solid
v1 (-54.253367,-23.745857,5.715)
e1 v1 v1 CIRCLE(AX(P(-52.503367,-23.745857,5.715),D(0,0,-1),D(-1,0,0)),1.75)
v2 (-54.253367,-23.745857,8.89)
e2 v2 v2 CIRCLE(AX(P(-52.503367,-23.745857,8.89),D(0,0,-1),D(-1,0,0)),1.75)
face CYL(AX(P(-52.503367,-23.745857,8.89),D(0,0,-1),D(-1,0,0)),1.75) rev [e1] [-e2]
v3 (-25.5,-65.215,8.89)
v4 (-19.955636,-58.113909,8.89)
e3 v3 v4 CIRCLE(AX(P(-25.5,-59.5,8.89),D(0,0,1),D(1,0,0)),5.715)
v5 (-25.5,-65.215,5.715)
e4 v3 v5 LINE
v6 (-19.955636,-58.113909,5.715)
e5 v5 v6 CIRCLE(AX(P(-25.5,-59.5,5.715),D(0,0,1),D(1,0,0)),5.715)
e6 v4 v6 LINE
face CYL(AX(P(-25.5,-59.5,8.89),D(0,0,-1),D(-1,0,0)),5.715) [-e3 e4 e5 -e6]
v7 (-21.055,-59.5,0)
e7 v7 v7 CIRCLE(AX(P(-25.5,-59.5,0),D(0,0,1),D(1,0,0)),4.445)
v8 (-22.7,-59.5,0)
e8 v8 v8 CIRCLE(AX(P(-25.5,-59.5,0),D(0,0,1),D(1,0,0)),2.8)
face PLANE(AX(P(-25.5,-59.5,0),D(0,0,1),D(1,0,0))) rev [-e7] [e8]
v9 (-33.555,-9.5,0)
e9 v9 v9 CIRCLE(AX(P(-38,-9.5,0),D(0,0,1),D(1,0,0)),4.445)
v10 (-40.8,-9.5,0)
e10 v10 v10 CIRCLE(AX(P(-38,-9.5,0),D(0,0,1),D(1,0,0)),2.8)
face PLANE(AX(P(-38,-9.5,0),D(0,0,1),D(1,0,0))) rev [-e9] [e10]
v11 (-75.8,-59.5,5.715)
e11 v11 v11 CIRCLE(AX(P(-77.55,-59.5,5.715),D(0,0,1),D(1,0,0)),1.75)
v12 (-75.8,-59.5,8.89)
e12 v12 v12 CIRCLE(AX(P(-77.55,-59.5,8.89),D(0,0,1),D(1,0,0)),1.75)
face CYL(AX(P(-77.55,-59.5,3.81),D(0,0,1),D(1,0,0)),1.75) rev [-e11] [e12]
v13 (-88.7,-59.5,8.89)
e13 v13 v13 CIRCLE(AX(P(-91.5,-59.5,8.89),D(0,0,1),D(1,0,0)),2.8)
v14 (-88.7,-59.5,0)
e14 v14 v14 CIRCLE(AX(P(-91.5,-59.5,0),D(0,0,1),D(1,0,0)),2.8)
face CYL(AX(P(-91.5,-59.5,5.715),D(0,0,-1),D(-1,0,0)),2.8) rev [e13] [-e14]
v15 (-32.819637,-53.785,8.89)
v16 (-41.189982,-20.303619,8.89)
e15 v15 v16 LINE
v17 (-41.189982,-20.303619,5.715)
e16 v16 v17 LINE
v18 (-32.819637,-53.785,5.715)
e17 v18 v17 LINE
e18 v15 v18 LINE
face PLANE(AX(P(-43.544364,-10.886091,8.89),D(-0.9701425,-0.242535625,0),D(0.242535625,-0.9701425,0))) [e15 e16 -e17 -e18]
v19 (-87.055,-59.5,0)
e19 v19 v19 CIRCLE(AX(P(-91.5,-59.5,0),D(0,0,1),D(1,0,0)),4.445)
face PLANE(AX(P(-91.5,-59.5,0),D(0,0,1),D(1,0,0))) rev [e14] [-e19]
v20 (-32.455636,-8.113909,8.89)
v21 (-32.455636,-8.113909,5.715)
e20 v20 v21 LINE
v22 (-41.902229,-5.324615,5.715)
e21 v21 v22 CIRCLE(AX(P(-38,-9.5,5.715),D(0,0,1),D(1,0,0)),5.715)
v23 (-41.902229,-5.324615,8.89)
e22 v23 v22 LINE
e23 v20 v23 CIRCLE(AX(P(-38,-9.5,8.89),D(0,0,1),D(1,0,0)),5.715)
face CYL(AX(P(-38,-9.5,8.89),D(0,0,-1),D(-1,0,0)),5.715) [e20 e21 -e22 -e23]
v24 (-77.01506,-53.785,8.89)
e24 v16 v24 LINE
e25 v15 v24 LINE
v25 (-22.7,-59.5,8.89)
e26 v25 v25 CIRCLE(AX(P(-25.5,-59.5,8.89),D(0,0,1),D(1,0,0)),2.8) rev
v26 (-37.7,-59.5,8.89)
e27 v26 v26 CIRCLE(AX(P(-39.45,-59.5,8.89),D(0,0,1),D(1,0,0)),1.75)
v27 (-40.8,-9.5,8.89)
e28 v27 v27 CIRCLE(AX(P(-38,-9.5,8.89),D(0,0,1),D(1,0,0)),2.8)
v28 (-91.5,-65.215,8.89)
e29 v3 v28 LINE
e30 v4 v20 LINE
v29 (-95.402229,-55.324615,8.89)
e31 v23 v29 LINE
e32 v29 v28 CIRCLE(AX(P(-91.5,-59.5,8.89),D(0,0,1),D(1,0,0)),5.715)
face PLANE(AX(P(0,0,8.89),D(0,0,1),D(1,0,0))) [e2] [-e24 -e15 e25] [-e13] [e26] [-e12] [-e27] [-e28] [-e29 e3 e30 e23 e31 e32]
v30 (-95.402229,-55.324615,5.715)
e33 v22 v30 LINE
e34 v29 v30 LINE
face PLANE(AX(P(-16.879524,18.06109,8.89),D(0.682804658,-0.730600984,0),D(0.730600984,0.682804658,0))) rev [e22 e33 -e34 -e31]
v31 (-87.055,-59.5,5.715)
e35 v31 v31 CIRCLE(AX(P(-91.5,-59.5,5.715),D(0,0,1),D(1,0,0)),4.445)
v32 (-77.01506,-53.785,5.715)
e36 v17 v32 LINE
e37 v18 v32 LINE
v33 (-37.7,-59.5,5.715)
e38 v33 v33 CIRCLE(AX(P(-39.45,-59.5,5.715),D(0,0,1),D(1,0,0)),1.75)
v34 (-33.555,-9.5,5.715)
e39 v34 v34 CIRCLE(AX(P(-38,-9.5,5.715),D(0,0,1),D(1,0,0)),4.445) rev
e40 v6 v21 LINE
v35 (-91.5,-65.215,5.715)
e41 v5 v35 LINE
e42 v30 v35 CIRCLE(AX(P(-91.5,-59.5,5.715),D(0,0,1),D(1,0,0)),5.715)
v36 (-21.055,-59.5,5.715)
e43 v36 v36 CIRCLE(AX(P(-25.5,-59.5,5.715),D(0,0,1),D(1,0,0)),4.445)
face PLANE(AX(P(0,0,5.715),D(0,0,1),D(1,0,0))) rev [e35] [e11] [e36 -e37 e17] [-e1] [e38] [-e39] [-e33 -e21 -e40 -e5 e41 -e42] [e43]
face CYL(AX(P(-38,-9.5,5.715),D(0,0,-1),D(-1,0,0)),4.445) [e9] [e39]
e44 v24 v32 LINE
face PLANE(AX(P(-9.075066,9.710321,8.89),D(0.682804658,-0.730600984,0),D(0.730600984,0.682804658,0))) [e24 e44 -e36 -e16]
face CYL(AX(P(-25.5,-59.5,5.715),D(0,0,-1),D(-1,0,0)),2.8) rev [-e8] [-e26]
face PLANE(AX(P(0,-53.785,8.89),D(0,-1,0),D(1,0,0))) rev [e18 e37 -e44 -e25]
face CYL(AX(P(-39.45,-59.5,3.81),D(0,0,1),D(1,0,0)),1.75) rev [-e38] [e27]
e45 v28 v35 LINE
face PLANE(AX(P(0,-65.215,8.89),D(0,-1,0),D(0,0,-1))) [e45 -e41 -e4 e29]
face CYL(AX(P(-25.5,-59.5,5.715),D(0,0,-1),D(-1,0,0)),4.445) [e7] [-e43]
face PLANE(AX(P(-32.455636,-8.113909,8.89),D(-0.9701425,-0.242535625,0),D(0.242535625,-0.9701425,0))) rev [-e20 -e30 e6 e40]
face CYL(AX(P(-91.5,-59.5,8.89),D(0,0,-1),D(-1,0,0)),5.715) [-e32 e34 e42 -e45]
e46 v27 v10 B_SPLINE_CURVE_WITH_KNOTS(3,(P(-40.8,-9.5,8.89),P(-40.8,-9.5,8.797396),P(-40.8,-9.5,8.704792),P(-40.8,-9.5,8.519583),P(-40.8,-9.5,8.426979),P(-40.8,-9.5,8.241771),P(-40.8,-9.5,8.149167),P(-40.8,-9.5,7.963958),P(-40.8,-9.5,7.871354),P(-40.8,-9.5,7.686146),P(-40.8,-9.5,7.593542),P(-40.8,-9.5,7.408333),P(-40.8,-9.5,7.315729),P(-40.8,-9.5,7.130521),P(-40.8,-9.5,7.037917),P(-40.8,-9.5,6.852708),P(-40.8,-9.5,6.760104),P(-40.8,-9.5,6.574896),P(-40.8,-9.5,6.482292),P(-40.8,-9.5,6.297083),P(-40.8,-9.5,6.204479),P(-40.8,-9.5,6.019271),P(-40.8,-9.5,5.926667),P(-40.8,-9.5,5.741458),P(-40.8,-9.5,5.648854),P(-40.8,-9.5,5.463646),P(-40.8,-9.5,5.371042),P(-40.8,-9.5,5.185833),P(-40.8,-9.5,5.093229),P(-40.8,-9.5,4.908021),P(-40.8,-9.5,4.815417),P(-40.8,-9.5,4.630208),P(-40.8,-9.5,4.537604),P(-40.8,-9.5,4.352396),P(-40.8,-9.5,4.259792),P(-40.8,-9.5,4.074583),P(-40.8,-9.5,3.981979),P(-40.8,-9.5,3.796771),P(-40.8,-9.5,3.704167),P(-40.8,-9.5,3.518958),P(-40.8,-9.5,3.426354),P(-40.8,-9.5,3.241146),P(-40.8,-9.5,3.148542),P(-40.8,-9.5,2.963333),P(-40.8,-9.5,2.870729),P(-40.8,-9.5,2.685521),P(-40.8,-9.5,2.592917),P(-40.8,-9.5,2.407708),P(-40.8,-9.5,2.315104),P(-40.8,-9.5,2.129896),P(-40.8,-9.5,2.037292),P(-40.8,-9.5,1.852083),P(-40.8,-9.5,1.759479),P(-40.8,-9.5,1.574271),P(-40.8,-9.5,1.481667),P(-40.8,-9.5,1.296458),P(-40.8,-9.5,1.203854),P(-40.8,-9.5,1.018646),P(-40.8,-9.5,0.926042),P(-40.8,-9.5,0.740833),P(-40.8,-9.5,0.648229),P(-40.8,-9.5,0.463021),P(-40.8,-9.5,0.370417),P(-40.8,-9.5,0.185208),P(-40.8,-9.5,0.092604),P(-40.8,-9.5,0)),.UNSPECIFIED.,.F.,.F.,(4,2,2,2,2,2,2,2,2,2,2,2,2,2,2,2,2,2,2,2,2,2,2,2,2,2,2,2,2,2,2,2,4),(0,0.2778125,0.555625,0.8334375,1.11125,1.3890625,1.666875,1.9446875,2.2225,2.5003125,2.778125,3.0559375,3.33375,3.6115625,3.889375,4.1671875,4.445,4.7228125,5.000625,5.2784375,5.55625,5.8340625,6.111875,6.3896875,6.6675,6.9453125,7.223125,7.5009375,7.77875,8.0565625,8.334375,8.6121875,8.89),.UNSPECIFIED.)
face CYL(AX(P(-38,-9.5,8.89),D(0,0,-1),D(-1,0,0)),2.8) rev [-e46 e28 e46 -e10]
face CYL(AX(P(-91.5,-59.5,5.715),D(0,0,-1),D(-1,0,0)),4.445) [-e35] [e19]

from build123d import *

# Parameters (mm, degrees)
SKETCH1_R             = 4.445
SKETCH1_R_2           = 2.8
BOSS_EXTRUDE1_DEPTH   = 5.715
BOSS_EXTRUDE1_2_DEPTH = 5.715
BOSS_EXTRUDE1_3_DEPTH = 5.715
SKETCH2_R             = 4.445
SKETCH2_R_2           = 2.8
BOSS_EXTRUDE5_DEPTH   = 3.175
SKETCH2_3_R           = 4.445
SKETCH2_3_R_2         = 2.8
BOSS_EXTRUDE6_DEPTH   = 3.175
CUT_EXTRUDE1_DEPTH    = 5.08
SKETCH4_R             = 1.75
CUT_EXTRUDE2_DEPTH    = 118.202447393


with BuildPart() as part:
    # Sketch1 → Boss-Extrude1 (new body)
    with BuildSketch(Plane.XY):
        with Locations((-91.5, -59.5)):
            Circle(SKETCH1_R)
        with Locations((-91.5, -59.5)):
            Circle(SKETCH1_R_2, mode=Mode.SUBTRACT)
    extrude(amount=BOSS_EXTRUDE1_DEPTH)



with BuildPart() as body_2:
    # Sketch1 → Boss-Extrude1 2 (new body)
    with BuildSketch(Plane.XY):
        with Locations((-25.5, -59.5)):
            Circle(SKETCH1_R)
        with Locations((-25.5, -59.5)):
            Circle(SKETCH1_R_2, mode=Mode.SUBTRACT)
    extrude(amount=BOSS_EXTRUDE1_2_DEPTH)


with BuildPart() as body_3:
    # Sketch1 → Boss-Extrude1 3 (new body)
    with BuildSketch(Plane.XY):
        with Locations((-38, -9.5)):
            Circle(SKETCH1_R)
        with Locations((-38, -9.5)):
            Circle(SKETCH1_R_2, mode=Mode.SUBTRACT)
    extrude(amount=BOSS_EXTRUDE1_3_DEPTH)


with BuildPart() as part_1:
    add(part.part)

    add(body_3.part)  # Boss-Extrude5 merges body 3
    # Sketch2 → Boss-Extrude5 (add)
    with BuildSketch(Plane.XY.offset(5.715)):
        with BuildLine():
            Line((-19.955635612, -58.113908903), (-32.455635612, -8.113908903))
            ThreePointArc((-32.455635612, -8.113908903), (-36.381608185, -4.018938704), (-41.902228623, -5.324615374))
            Line((-41.902228623, -5.324615374), (-95.402228623, -55.324615374))
            ThreePointArc((-95.402228623, -55.324615374), (-96.816180402, -61.597486813), (-91.5, -65.215))
            Line((-91.5, -65.215), (-25.5, -65.215))
            ThreePointArc((-25.5, -65.215), (-20.995405922, -63.017080777), (-19.955635612, -58.113908903))
        make_face()
        with Locations((-25.5, -59.5)):
            Circle(SKETCH2_R, mode=Mode.SUBTRACT)
        Polygon((-77.015059827, -53.785), (-41.189982364, -20.303619193), (-32.819637163, -53.785), align=None, mode=Mode.SUBTRACT)
        with Locations((-91.5, -59.5)):
            Circle(SKETCH2_R_2, mode=Mode.SUBTRACT)
        with Locations(Location((-38, -9.5, 0), (0, 0, 180))):
            Circle(SKETCH2_R_2, mode=Mode.SUBTRACT)
    extrude(amount=BOSS_EXTRUDE5_DEPTH)


    add(body_2.part)  # Boss-Extrude6 merges body 2
    # Sketch2<3> → Boss-Extrude6 (add)
    with BuildSketch(Plane.XY.offset(5.715)):
        with Locations((-25.5, -59.5)):
            Circle(SKETCH2_3_R)
        with Locations((-25.5, -59.5)):
            Circle(SKETCH2_3_R_2, mode=Mode.SUBTRACT)
    extrude(amount=BOSS_EXTRUDE6_DEPTH)

    # Sketch3 → Cut-Extrude1 (cut)
    with BuildSketch(Plane.XY.offset(8.89)):
        with BuildLine():
            ThreePointArc((-75.8, -59.5), (-77.55, -57.75), (-79.3, -59.5))
            Line((-79.3, -59.5), (-75.8, -59.5))
        make_face()
        with BuildLine():
            Line((-75.8, -59.5), (-79.3, -59.5))
            ThreePointArc((-79.3, -59.5), (-77.55, -61.25), (-75.8, -59.5))
        make_face()
        with BuildLine():
            ThreePointArc((-37.7, -59.5), (-39.45, -57.75), (-41.2, -59.5))
            Line((-41.2, -59.5), (-37.7, -59.5))
        make_face()
        with BuildLine():
            Line((-37.7, -59.5), (-41.2, -59.5))
            ThreePointArc((-41.2, -59.5), (-39.45, -61.25), (-37.7, -59.5))
        make_face()
    extrude(amount=-CUT_EXTRUDE1_DEPTH, mode=Mode.SUBTRACT)

    # Sketch4 → Cut-Extrude2 (cut, through all)
    with BuildSketch(Plane(origin=(0, 0, 5.715), x_dir=(-1, 0, 0), z_dir=(0, 0, -1))):
        with Locations((52.503366943, -23.745857138)):
            Circle(SKETCH4_R)
    extrude(amount=-CUT_EXTRUDE2_DEPTH, mode=Mode.SUBTRACT)


solid = part_1.part
